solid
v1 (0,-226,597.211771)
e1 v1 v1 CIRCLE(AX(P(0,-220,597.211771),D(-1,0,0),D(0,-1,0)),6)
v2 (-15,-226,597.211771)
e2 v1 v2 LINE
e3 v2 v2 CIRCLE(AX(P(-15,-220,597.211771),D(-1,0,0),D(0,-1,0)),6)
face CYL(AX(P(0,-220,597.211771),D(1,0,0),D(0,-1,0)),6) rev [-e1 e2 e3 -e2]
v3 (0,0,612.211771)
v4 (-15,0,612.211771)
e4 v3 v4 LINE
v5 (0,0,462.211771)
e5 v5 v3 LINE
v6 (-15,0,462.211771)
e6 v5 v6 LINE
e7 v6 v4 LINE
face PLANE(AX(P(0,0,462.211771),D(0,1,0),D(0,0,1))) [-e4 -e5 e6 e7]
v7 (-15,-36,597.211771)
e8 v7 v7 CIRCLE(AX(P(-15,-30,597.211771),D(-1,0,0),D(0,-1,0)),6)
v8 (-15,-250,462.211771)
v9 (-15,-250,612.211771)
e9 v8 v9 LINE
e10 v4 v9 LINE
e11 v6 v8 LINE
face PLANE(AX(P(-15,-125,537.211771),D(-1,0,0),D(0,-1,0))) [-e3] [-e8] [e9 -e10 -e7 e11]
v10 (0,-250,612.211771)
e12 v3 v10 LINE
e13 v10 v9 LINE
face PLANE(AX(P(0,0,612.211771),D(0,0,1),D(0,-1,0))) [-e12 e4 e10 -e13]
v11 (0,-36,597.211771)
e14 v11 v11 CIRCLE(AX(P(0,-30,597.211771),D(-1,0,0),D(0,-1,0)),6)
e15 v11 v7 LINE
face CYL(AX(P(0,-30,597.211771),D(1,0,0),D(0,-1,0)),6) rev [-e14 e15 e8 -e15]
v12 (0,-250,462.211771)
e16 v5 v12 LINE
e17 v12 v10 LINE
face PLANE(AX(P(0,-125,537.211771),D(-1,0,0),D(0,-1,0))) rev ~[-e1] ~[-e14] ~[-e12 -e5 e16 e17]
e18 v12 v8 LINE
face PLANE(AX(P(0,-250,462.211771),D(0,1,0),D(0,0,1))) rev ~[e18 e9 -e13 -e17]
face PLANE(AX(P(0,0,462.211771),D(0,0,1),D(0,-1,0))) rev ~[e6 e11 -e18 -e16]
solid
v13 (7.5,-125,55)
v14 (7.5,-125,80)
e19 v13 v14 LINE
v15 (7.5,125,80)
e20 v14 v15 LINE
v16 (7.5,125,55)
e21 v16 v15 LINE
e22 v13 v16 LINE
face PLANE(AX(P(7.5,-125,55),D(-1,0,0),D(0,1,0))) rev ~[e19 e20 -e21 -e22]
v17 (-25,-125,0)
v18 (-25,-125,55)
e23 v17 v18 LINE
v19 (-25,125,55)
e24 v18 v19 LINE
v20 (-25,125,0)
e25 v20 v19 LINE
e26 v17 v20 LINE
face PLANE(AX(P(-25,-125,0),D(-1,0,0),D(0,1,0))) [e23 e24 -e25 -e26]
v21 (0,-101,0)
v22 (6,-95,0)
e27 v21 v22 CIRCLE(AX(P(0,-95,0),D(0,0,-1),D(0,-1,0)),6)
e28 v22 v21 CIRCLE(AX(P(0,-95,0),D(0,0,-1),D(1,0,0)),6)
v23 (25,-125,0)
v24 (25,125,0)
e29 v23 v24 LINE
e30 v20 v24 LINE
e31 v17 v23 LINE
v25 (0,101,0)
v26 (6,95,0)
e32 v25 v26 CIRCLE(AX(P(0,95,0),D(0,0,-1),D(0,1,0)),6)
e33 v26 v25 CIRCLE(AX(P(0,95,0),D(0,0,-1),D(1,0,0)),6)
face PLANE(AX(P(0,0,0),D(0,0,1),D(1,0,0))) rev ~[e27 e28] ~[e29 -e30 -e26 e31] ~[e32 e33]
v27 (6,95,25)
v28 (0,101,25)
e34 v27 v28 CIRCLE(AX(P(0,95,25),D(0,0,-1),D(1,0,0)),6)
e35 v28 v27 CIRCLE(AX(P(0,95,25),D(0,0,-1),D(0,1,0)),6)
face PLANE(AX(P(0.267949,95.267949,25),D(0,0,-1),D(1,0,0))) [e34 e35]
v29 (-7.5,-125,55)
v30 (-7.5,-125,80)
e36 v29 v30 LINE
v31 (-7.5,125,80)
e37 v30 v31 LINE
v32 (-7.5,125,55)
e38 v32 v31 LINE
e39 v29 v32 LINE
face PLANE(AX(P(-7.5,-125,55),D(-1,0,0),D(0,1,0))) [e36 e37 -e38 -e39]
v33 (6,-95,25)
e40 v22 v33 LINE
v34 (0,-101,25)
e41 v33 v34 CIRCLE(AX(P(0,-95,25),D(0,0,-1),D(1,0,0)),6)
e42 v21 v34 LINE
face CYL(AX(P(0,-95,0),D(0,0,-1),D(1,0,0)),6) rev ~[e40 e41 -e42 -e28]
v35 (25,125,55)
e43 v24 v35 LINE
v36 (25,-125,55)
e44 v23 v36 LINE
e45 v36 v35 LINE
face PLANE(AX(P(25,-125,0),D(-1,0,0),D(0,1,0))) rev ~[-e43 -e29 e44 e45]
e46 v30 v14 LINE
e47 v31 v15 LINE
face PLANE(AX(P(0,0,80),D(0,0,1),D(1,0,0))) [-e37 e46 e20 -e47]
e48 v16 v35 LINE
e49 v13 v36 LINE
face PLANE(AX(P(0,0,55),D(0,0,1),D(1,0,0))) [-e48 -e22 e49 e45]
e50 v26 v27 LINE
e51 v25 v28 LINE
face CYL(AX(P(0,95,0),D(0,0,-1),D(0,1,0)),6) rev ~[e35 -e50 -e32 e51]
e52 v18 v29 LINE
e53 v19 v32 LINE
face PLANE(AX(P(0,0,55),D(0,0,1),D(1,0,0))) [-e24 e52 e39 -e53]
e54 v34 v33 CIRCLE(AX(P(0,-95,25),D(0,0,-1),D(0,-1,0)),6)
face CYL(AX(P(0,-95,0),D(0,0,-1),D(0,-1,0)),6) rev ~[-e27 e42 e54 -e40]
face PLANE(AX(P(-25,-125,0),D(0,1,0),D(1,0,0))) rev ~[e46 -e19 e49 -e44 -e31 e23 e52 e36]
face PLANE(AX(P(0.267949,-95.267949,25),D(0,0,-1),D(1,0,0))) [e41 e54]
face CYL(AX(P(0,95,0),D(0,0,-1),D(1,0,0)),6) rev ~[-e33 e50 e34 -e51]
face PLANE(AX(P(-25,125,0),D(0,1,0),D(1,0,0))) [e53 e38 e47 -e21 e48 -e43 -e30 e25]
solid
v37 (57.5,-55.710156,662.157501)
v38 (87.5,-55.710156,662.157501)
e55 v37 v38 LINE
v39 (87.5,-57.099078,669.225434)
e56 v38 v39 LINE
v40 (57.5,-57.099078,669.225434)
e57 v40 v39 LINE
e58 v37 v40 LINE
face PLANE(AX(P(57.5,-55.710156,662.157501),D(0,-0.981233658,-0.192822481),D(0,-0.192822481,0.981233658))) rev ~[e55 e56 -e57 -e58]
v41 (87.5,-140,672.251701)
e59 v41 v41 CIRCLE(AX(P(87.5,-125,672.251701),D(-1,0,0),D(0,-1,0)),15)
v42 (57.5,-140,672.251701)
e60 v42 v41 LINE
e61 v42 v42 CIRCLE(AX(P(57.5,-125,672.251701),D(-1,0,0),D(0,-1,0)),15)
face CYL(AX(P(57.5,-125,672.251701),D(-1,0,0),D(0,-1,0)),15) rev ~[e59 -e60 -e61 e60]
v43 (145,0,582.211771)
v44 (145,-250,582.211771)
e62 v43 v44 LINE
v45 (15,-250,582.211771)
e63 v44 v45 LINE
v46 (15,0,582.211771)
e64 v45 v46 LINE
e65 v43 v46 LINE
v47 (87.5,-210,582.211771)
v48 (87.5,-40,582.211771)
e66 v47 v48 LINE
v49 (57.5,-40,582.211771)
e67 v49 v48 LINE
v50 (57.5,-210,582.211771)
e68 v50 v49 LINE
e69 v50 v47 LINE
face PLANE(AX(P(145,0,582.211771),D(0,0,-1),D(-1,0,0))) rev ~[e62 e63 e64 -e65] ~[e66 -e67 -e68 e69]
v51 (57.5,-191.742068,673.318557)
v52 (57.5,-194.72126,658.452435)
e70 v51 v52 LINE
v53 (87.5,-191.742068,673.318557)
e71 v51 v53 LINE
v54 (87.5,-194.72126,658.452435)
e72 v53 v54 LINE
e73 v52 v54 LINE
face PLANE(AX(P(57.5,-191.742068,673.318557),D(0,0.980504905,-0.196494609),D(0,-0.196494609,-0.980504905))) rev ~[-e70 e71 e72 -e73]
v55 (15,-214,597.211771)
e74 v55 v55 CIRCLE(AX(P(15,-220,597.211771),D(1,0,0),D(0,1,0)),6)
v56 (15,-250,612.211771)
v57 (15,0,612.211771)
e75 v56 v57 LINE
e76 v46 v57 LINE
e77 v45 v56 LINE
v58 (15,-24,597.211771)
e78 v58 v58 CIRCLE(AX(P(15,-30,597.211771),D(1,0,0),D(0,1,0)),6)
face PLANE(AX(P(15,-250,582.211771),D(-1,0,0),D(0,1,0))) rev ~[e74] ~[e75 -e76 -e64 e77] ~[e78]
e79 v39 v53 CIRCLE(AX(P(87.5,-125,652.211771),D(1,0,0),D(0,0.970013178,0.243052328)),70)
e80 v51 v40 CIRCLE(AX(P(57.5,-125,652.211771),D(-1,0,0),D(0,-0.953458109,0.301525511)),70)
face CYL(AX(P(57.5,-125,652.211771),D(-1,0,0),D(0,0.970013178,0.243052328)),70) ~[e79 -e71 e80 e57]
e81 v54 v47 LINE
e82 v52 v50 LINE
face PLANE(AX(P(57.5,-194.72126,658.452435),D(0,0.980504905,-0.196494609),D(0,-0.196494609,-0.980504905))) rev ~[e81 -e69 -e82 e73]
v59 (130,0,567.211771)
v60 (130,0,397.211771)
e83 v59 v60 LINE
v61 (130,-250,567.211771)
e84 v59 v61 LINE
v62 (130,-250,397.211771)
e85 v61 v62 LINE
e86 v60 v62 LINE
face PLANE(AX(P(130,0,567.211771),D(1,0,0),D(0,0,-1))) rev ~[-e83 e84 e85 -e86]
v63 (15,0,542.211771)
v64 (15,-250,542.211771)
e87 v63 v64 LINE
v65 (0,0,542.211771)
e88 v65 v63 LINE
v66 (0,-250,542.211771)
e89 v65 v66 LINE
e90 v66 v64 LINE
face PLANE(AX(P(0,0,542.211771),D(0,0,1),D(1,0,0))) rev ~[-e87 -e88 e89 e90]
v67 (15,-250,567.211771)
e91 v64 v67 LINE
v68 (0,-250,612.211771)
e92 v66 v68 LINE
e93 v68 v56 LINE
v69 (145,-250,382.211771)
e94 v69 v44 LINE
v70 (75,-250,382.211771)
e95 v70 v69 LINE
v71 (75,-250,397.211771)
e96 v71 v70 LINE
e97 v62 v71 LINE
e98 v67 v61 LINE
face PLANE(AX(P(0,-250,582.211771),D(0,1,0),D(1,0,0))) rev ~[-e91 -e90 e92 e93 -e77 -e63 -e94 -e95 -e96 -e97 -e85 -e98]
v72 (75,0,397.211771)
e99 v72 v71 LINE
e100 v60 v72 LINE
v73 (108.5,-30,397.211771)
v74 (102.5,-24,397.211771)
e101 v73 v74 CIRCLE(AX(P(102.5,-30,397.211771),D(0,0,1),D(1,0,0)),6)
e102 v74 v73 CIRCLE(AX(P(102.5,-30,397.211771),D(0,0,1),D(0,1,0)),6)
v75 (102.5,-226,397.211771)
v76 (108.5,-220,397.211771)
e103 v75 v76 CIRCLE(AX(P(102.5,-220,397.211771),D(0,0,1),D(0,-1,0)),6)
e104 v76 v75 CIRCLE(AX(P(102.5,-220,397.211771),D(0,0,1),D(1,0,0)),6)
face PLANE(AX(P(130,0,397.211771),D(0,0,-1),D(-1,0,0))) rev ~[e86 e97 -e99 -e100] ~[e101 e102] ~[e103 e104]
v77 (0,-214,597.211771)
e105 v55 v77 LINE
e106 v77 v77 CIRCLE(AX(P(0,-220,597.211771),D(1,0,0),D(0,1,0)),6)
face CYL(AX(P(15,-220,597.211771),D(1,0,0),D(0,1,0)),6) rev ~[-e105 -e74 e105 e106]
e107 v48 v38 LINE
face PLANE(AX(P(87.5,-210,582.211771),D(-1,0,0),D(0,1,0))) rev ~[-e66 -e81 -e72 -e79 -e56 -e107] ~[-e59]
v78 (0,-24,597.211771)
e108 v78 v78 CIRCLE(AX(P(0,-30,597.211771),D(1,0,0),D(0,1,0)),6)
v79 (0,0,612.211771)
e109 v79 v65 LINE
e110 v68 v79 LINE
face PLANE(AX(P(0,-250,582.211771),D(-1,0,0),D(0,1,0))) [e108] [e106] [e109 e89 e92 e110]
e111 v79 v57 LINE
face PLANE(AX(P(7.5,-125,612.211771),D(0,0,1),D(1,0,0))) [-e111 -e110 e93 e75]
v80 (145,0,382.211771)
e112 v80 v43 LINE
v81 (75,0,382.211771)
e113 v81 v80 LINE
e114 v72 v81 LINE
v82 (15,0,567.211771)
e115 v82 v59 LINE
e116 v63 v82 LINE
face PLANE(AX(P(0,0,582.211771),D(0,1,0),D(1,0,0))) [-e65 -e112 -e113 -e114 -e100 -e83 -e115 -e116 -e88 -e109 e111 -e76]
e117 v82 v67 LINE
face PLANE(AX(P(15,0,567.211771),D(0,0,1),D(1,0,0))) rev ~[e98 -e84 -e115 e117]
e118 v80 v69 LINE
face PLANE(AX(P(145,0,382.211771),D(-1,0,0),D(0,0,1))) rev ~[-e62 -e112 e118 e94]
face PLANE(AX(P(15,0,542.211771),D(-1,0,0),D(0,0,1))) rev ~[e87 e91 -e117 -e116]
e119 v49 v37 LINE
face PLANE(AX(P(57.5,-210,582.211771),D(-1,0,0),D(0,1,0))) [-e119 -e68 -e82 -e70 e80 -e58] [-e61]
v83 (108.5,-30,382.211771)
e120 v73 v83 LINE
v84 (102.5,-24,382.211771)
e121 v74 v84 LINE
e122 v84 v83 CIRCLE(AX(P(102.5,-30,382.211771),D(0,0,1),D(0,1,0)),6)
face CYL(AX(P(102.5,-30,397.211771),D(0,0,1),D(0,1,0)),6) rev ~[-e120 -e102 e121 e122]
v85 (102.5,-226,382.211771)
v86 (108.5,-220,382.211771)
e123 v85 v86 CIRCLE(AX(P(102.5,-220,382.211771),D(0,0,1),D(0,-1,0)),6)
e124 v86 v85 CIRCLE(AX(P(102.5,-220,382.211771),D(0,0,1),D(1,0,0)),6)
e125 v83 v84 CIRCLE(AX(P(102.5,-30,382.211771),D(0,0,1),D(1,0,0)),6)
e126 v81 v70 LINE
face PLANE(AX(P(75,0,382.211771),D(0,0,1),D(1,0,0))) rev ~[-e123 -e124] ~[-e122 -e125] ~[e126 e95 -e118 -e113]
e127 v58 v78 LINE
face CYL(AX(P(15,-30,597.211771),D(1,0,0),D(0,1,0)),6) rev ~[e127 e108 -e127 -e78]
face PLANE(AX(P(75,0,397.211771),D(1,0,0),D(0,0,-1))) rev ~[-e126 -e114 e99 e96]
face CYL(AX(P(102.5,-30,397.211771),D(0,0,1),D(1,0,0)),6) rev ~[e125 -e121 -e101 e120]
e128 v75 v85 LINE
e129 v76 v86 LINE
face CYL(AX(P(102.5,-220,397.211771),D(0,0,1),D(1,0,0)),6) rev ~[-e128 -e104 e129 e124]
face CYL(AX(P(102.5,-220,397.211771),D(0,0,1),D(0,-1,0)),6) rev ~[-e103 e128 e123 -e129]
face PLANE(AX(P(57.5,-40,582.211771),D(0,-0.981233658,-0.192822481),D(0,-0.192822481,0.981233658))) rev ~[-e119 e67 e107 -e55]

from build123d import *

# Parameters (mm, degrees)
F1_DEPTH  = 250
F3_DEPTH  = 15
F4_W      = 50
F4_H      = 250
F5_DEPTH  = 55
F6_W      = 15
F6_H      = 250
F7_DEPTH  = 25
F9_DEPTH  = 25
F10_W     = 30
F10_H     = 170
F11_DEPTH = 140
F12_R     = 15
F13_DEPTH = 30
F14_W     = 15
F14_H     = 250
F15_DEPTH = 30
F16_R     = 6
F17_DEPTH = 15
F18_W     = 250
F18_H     = 150
F18_R     = 6
F19_DEPTH = 15


with BuildPart() as f1:
    # F0 (on Front) → F1 (new body)
    with BuildSketch(Plane.XZ):
        Polygon((130, 397.2117710114), (75, 397.2117710114), (75, 382.2117710114), (145, 382.2117710114), (145, 582.2117710114), (0, 582.2117710114), (0, 542.2117710114), (15, 542.2117710114), (15, 567.2117710114), (130, 567.2117710114), align=None)
    extrude(amount=F1_DEPTH)

    # F2 (on face) → F3 (cut)
    with BuildSketch(Plane.XY.offset(397.2117710114)):
        with BuildLine():
            ThreePointArc((102.5, -226), (106.7426406871, -224.2426406871), (108.5, -220))
            ThreePointArc((108.5, -220), (98.2573593129, -215.7573593129), (102.5, -226))
        make_face()
        with BuildLine():
            ThreePointArc((102.5, -24), (98.2573593129, -34.2426406871), (108.5, -30))
            ThreePointArc((108.5, -30), (106.7426406871, -25.7573593129), (102.5, -24))
        make_face()
    extrude(amount=-F3_DEPTH, mode=Mode.SUBTRACT)

    # F10 (on face) → F11 (join)
    with BuildSketch(Plane.XY.offset(582.2117710114)):
        with Locations((72.5, -125)):
            Rectangle(F10_W, F10_H)
    extrude(amount=F11_DEPTH)

    # F12 (on face) → F13 (cut)
    with BuildSketch(Plane(origin=(57.5, 0, 0), x_dir=(0, -1, 0), z_dir=(-1, 0, 0))):
        with BuildLine():
            Line((191.7420676429, 673.31855681), (194.7212601627, 658.4524345433))
            ThreePointArc((194.7212601627, 658.4524345433), (193.6353433499, 665.9663936248), (191.7420676429, 673.31855681))
        make_face()
        with BuildLine():
            ThreePointArc((57.0990775302, 669.225433984), (56.3136439692, 665.7093446902), (55.7101562172, 662.1575011781))
            Line((55.7101562172, 662.1575011781), (57.0990775302, 669.225433984))
        make_face()
        with BuildLine():
            Line((40, 582.2117710114), (55.7101562172, 662.1575011781))
            ThreePointArc((55.7101562172, 662.1575011781), (56.3136439692, 665.7093446902), (57.0990775302, 669.225433984))
            ThreePointArc((57.0990775302, 669.225433984), (81.9358409352, 707.3976224956), (125, 722.2117710114))
            Line((125, 722.2117710114), (40, 722.2117710114))
            Line((40, 722.2117710114), (40, 582.2117710114))
        make_face()
        with Locations((125, 672.251701355)):
            Circle(F12_R)
        with BuildLine():
            ThreePointArc((191.7420676429, 673.31855681), (193.6353433499, 665.9663936248), (194.7212601627, 658.4524345433))
            Line((194.7212601627, 658.4524345433), (210, 582.2117710114))
            Line((210, 582.2117710114), (210, 585.6798887253))
            Line((210, 585.6798887253), (210, 722.2117710114))
            Line((210, 722.2117710114), (125, 722.2117710114))
            ThreePointArc((125, 722.2117710114), (166.3674086335, 708.6806784114), (191.7420676429, 673.31855681))
        make_face()
    extrude(amount=-F13_DEPTH, mode=Mode.SUBTRACT)

    # F14 (on face) → F15 (join)
    with BuildSketch(Plane.XY.offset(582.2117710114)):
        with Locations((7.5, -125)):
            Rectangle(F14_W, F14_H)
    extrude(amount=F15_DEPTH)

    # F16 (on face) → F17 (cut)
    with BuildSketch(Plane.YZ.offset(15)):
        with Locations((-220, 597.2117710114)):
            Circle(F16_R)
        with Locations((-30, 597.2117710114)):
            Circle(F16_R)
    extrude(amount=-F17_DEPTH, mode=Mode.SUBTRACT)


with BuildPart() as f5:
    # F4 (on Top) → F5 (new body)
    with BuildSketch(Plane.XY):
        Rectangle(F4_W, F4_H)
    extrude(amount=F5_DEPTH)

    # F6 (on face) → F7 (join)
    with BuildSketch(Plane.XY.offset(55)):
        Rectangle(F6_W, F6_H)
    extrude(amount=F7_DEPTH)

    # F8 (on face) → F9 (cut)
    with BuildSketch(Plane(origin=(0, 0, 0), x_dir=(1, 0, 0), z_dir=(0, 0, -1))):
        with BuildLine():
            ThreePointArc((0, 101), (-4.2426406871, 90.7573593129), (6, 95))
            ThreePointArc((6, 95), (4.2426406871, 99.2426406871), (0, 101))
        make_face()
        with BuildLine():
            ThreePointArc((0, -101), (4.2426406871, -99.2426406871), (6, -95))
            ThreePointArc((6, -95), (-4.2426406871, -90.7573593129), (0, -101))
        make_face()
    extrude(amount=-F9_DEPTH, mode=Mode.SUBTRACT)


with BuildPart() as f19:
    # F18 (on face) → F19 (new body)
    with BuildSketch(Plane(origin=(0, 0, 0), x_dir=(0, -1, 0), z_dir=(-1, 0, 0))):
        with Locations((125, 537.2117710114)):
            Rectangle(F18_W, F18_H)
        with Locations((30, 597.2117710114)):
            Circle(F18_R, mode=Mode.SUBTRACT)
        with Locations((220, 597.2117710114)):
            Circle(F18_R, mode=Mode.SUBTRACT)
    extrude(amount=F19_DEPTH)


solid = Compound([f1.part, f5.part, f19.part])
